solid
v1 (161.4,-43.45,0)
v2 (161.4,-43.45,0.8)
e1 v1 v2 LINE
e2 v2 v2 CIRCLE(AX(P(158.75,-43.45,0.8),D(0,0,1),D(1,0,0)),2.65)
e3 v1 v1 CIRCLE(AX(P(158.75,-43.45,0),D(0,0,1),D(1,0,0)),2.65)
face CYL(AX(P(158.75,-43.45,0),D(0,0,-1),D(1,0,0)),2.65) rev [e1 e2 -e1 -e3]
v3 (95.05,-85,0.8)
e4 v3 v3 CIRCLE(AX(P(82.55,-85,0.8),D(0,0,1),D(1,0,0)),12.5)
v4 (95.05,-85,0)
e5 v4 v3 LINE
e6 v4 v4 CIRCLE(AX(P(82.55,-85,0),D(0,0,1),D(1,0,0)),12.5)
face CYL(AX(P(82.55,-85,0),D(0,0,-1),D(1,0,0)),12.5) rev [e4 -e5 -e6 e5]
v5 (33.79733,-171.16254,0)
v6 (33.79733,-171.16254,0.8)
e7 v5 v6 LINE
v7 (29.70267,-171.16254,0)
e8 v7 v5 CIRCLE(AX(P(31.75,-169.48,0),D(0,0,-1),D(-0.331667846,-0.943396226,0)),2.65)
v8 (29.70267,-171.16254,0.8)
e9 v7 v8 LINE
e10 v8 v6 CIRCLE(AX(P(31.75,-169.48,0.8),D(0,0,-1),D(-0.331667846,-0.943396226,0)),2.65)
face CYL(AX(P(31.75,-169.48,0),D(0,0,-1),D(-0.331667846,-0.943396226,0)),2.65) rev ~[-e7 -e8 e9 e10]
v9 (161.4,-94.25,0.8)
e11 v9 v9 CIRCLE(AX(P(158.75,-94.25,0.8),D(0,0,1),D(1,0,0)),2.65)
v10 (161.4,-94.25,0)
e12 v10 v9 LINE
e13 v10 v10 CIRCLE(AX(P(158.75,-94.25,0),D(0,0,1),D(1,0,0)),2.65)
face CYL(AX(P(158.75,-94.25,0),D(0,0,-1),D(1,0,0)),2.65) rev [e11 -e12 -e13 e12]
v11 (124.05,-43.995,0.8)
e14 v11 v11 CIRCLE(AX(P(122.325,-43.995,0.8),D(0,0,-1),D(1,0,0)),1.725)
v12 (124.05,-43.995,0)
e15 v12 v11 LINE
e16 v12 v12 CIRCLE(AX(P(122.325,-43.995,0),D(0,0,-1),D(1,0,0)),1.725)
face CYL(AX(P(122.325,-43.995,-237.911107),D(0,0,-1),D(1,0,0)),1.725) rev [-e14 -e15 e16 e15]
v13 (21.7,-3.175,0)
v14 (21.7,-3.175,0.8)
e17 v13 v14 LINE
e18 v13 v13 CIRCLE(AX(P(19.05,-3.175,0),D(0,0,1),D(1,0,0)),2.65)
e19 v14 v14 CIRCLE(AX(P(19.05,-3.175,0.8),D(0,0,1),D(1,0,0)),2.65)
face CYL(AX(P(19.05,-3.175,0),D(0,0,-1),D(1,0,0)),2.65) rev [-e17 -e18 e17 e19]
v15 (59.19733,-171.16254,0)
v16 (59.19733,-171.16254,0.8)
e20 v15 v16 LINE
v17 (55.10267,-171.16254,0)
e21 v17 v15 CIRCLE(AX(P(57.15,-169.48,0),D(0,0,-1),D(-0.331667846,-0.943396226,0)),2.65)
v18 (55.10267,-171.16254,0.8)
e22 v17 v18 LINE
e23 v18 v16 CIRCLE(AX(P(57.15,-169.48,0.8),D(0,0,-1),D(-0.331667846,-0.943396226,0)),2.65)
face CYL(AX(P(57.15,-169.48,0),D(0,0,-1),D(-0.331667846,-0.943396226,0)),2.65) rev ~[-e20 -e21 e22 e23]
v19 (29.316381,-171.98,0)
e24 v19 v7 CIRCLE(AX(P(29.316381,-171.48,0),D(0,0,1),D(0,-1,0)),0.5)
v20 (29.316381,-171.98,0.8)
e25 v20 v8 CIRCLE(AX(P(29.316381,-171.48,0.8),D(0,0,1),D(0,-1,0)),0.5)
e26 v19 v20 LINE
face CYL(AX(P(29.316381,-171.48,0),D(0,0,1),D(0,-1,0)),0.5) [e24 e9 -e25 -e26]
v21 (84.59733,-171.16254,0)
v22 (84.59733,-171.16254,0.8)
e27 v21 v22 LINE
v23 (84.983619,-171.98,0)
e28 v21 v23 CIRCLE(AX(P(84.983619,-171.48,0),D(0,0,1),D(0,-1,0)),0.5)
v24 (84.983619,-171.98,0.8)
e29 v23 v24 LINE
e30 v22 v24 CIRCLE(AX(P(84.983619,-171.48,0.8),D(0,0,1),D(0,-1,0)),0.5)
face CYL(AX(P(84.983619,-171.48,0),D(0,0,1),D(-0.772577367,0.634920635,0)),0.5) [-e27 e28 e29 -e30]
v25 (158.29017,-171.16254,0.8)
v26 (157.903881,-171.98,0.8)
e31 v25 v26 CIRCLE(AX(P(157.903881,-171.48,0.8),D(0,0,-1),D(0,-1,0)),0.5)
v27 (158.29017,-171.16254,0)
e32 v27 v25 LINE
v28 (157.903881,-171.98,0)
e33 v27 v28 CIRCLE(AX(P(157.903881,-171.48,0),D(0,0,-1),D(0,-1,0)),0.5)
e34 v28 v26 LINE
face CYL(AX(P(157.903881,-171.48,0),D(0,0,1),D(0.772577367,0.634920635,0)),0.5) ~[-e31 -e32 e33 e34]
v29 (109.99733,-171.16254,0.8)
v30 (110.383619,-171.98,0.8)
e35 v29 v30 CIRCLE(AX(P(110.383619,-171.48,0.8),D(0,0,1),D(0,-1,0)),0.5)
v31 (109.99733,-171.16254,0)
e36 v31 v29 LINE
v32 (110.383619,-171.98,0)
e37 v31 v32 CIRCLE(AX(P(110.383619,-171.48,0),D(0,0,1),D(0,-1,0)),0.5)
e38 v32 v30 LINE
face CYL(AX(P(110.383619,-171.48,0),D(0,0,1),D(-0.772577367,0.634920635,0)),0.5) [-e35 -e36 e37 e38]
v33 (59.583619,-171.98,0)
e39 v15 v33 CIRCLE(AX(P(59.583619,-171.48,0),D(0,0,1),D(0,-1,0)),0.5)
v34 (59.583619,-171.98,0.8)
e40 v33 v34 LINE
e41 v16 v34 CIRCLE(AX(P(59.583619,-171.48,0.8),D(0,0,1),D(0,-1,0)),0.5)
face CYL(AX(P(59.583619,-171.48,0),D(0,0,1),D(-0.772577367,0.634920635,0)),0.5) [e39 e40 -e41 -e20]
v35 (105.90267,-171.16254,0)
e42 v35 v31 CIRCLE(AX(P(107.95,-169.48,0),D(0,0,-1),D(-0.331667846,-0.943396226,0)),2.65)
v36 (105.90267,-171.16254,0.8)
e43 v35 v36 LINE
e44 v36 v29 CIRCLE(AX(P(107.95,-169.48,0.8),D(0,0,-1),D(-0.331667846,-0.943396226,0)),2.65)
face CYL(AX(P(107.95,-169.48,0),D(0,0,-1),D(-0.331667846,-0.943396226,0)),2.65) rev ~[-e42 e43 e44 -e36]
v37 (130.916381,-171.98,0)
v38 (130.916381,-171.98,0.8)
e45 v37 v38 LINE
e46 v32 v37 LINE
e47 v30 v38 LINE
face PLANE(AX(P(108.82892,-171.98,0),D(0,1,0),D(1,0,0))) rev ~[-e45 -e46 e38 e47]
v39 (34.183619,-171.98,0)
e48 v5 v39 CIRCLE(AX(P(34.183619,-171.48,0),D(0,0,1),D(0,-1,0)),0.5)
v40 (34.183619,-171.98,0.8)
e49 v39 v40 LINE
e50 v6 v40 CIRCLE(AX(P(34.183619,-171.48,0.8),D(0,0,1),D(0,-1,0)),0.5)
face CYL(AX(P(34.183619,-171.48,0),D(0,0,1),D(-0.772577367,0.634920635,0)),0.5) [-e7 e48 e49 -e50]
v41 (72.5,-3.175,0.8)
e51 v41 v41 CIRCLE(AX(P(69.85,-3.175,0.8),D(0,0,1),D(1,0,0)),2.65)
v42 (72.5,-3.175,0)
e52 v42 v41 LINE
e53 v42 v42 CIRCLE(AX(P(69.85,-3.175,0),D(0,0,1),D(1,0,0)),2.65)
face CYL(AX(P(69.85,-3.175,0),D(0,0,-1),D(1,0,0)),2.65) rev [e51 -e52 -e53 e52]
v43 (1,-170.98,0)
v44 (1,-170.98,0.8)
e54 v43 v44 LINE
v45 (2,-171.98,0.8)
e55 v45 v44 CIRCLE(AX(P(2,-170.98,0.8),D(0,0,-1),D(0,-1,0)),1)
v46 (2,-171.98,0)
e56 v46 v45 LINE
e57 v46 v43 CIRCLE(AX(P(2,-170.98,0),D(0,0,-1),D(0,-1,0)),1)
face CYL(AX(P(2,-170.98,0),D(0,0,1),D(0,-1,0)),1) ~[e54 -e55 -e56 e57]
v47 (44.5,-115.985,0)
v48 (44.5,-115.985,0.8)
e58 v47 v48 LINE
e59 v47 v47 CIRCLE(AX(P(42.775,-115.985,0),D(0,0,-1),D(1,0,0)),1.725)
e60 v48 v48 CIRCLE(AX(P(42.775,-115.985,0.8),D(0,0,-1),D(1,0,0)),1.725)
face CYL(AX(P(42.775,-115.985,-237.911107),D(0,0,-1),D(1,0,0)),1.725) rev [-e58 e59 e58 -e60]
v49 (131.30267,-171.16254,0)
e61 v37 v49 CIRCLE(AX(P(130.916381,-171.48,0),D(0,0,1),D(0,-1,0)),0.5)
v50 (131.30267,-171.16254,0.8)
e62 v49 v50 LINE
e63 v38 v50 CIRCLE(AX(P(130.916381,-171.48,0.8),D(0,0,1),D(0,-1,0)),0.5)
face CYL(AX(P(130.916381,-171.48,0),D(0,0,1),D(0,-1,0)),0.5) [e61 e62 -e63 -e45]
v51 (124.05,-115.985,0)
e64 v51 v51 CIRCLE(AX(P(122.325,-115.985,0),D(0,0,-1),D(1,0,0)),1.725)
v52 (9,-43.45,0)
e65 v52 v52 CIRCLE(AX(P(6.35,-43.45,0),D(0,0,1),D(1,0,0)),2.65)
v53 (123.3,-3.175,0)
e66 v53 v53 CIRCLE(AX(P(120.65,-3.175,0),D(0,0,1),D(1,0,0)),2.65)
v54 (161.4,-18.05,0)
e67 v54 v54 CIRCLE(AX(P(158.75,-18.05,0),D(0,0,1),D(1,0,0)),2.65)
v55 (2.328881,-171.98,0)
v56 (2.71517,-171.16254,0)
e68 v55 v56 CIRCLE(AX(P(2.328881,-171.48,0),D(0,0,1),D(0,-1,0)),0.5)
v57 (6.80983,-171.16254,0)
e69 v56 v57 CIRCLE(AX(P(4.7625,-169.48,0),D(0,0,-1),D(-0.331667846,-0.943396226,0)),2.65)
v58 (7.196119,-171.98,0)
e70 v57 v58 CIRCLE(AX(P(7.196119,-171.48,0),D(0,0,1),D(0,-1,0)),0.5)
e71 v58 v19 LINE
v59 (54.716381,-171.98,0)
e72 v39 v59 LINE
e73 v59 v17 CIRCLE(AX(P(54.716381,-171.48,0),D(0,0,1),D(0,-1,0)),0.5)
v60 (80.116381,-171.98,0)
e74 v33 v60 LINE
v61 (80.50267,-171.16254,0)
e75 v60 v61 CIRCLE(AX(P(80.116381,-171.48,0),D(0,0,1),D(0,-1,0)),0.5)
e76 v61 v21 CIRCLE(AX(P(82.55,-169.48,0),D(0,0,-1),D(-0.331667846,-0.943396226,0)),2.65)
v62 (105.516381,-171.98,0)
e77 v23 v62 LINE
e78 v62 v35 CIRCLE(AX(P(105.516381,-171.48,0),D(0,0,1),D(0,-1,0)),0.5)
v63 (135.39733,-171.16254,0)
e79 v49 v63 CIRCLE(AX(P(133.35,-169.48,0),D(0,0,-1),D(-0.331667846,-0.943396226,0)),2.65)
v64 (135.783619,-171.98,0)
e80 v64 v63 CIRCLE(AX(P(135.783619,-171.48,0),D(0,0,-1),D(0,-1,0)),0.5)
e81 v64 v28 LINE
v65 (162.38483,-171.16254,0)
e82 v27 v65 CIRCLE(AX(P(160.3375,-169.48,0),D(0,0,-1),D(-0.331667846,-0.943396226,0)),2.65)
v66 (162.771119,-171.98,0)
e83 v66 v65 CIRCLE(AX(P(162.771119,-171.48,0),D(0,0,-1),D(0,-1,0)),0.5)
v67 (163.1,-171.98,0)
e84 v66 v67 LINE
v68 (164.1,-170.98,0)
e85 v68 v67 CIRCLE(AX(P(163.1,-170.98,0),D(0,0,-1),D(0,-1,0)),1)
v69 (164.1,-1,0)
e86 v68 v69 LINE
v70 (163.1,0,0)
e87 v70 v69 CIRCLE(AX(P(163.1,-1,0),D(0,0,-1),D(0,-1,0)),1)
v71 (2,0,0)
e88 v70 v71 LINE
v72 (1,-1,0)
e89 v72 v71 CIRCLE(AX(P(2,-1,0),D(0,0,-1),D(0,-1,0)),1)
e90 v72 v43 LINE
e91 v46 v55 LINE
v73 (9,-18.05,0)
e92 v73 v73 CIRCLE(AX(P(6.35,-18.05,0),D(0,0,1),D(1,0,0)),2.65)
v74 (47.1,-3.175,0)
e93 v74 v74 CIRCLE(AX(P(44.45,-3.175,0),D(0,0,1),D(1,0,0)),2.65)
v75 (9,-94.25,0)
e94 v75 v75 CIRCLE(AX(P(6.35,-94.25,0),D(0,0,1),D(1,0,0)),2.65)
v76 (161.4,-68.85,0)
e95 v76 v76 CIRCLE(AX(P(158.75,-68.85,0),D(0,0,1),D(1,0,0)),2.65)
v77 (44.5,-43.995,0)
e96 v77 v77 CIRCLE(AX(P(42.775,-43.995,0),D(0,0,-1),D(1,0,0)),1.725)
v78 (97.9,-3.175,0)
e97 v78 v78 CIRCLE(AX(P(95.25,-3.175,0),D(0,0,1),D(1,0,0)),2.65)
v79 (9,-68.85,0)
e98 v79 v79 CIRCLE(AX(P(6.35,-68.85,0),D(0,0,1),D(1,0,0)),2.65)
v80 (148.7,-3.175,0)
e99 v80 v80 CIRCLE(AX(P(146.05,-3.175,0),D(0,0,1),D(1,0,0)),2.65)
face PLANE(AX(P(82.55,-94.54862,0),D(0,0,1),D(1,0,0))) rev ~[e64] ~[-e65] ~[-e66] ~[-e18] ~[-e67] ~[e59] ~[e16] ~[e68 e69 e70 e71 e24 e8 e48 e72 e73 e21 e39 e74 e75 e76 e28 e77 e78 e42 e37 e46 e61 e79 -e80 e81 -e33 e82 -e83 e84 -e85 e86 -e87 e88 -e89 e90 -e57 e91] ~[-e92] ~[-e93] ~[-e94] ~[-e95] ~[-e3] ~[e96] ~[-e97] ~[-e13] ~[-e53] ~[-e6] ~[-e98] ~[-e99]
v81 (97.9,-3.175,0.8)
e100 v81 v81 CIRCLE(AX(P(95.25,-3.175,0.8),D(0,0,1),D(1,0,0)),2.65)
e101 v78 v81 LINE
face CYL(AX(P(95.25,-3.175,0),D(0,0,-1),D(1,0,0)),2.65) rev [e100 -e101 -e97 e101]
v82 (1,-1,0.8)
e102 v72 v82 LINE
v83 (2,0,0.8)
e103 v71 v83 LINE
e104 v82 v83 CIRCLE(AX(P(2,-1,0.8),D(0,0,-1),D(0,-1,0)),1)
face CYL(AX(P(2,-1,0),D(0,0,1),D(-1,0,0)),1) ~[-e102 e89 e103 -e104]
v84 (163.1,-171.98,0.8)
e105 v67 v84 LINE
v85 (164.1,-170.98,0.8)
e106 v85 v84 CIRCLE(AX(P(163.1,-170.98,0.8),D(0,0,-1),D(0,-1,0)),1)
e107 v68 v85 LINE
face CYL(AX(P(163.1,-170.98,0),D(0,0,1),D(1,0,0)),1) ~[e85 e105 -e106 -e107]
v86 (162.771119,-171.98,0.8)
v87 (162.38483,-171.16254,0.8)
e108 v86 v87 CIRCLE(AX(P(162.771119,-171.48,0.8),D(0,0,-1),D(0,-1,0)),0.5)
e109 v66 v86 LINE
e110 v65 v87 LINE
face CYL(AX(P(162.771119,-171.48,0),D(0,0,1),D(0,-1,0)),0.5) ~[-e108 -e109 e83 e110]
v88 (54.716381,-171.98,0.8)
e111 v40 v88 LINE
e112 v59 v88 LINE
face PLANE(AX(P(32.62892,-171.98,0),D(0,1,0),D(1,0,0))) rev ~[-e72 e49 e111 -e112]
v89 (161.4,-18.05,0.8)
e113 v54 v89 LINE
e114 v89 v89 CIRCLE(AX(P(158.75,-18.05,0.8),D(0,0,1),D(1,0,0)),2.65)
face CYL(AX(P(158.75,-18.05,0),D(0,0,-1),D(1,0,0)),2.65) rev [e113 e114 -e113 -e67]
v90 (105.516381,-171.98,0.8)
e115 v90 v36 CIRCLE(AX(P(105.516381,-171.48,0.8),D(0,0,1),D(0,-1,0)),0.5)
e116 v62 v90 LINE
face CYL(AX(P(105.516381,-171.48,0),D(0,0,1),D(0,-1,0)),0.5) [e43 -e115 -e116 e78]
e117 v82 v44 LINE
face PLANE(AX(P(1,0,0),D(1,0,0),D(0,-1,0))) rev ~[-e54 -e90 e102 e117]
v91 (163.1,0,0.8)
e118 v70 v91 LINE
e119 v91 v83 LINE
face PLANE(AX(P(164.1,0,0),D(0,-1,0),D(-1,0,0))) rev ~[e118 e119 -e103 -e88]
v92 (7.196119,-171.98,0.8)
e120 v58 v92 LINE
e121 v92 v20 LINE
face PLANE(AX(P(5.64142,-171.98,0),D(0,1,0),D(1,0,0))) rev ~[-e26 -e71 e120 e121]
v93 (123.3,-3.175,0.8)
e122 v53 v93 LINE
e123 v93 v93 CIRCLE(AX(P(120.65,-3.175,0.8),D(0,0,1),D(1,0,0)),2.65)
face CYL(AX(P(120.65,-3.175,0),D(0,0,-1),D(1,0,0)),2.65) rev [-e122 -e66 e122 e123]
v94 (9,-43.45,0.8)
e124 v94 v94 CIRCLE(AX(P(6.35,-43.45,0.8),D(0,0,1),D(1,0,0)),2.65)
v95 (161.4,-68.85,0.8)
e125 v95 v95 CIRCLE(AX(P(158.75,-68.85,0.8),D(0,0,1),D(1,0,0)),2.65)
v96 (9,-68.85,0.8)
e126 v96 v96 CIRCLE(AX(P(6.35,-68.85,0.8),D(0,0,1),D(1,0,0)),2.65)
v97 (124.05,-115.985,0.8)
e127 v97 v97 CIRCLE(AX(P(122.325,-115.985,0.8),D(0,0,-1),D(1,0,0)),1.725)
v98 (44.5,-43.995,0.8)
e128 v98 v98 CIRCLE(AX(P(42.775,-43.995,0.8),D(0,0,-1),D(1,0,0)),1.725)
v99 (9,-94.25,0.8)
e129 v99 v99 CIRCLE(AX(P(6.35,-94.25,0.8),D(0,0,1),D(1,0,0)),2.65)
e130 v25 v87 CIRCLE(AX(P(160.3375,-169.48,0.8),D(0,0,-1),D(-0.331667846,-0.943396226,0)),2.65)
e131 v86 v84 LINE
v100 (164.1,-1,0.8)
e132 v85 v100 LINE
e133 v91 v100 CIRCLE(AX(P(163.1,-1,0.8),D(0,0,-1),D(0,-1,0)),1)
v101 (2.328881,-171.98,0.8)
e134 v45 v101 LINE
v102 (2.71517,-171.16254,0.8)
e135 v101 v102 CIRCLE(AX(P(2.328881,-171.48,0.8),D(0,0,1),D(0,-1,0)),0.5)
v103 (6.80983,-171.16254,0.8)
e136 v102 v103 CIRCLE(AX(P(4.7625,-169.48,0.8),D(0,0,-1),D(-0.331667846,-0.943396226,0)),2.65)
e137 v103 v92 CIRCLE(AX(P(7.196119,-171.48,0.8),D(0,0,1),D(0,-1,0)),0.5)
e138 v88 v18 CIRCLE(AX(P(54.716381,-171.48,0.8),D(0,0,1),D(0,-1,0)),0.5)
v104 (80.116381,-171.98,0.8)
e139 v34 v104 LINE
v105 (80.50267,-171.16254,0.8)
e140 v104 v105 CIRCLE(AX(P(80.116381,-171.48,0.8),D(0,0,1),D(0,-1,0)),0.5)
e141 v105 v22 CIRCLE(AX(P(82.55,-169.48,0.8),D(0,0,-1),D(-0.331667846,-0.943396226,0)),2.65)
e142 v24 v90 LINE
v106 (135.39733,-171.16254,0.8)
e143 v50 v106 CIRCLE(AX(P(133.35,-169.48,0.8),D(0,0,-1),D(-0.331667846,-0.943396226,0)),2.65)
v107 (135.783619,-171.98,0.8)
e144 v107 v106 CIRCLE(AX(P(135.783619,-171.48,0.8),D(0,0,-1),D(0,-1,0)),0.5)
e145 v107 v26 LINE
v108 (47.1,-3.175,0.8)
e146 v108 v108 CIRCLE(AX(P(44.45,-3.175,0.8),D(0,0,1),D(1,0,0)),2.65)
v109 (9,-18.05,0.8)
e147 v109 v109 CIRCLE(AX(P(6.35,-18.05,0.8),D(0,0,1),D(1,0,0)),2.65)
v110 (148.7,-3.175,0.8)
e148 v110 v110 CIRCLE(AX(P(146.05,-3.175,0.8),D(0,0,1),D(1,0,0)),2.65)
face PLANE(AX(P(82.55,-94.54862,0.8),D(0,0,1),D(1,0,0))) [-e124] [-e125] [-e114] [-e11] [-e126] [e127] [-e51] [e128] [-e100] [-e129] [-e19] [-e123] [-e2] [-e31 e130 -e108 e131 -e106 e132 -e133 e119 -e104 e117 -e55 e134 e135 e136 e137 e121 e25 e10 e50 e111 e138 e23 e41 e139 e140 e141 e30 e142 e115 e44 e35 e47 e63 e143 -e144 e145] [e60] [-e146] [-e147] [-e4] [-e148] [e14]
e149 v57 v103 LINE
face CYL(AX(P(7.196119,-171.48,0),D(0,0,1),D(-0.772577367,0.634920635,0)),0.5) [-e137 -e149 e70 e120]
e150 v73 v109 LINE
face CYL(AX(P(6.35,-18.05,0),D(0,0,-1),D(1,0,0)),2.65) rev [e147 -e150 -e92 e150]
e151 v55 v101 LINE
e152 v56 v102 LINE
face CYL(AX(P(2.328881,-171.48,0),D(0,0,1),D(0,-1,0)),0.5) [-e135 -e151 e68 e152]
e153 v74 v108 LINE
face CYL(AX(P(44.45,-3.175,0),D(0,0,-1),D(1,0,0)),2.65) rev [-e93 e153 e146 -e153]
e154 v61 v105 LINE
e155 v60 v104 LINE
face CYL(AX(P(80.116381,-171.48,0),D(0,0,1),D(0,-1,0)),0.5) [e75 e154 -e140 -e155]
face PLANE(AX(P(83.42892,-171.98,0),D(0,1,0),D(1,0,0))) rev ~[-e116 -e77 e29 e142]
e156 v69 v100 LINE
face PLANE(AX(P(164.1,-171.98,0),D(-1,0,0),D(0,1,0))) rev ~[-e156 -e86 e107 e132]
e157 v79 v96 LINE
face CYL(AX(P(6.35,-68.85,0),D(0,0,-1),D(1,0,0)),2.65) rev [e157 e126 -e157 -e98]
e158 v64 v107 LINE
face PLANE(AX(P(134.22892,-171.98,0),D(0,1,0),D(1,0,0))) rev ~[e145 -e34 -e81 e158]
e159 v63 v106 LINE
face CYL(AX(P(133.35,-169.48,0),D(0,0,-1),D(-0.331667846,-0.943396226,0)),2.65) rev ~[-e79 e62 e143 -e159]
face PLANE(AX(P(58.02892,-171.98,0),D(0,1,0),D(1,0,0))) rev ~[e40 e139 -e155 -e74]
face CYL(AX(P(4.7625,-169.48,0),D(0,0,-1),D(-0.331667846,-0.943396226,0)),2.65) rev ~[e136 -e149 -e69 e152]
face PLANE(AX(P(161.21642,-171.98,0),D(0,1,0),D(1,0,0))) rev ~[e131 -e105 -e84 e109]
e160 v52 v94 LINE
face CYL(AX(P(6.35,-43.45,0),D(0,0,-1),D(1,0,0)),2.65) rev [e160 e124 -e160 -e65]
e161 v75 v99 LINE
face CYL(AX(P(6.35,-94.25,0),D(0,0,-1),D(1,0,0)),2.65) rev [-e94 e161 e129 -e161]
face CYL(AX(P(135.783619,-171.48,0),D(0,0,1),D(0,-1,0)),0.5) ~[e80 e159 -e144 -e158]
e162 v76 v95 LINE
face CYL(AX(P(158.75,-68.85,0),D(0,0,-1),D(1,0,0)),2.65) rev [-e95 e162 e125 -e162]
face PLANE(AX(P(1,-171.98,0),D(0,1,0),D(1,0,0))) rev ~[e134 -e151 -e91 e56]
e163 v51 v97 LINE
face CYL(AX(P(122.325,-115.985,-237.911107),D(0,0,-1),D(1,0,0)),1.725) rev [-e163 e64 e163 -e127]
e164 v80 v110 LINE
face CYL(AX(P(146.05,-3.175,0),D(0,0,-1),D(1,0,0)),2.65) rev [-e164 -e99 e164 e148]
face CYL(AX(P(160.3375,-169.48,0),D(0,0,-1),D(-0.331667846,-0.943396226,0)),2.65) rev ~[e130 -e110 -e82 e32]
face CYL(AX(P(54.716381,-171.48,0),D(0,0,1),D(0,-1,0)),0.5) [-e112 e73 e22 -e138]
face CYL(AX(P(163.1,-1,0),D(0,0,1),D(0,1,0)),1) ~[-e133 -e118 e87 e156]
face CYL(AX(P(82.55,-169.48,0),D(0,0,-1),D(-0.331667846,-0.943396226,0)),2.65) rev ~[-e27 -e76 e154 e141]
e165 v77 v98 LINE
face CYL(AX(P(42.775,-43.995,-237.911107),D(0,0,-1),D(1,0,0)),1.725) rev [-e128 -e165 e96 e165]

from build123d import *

# Parameters (mm, degrees)
SKETCH2_R               = 12.5
SKETCH2_R_2             = 2.65
BOSS_EXTRUDE2_DEPTH     = 0.8
FILLET1_R               = 1
CUT_EXTRUDE1_DEPTH      = 238.711107019
CUT_EXTRUDE1_DEPTH_BACK = 238.711107019
SKETCH5_R               = 1.725
FILLET2_R               = 0.5


with BuildPart() as part:
    # Sketch2 → Boss-Extrude2 (new body)
    with BuildSketch(Plane.XY):
        with BuildLine():
            Line((1, -171.98), (3.883580208, -171.98))
            ThreePointArc((3.883580208, -171.98), (4.7625, -166.83), (5.641419792, -171.98))
            Line((5.641419792, -171.98), (30.871080208, -171.98))
            ThreePointArc((30.871080208, -171.98), (31.75, -166.83), (32.628919792, -171.98))
            Line((32.628919792, -171.98), (56.271080208, -171.98))
            ThreePointArc((56.271080208, -171.98), (57.15, -166.83), (58.028919792, -171.98))
            Line((58.028919792, -171.98), (81.671080208, -171.98))
            ThreePointArc((81.671080208, -171.98), (82.55, -166.83), (83.428919792, -171.98))
            Line((83.428919792, -171.98), (107.071080208, -171.98))
            ThreePointArc((107.071080208, -171.98), (107.95, -166.83), (108.828919792, -171.98))
            Line((108.828919792, -171.98), (132.471080208, -171.98))
            ThreePointArc((132.471080208, -171.98), (133.35, -166.83), (134.228919792, -171.98))
            Line((134.228919792, -171.98), (159.458580208, -171.98))
            ThreePointArc((159.458580208, -171.98), (160.3375, -166.83), (161.216419792, -171.98))
            Line((161.216419792, -171.98), (164.1, -171.98))
            Line((164.1, -171.98), (164.1, 0))
            Line((164.1, 0), (1, 0))
            Line((1, 0), (1, -171.98))
        make_face()
        with Locations((82.55, -85)):
            Circle(SKETCH2_R, mode=Mode.SUBTRACT)
        with Locations((69.85, -3.175)):
            Circle(SKETCH2_R_2, mode=Mode.SUBTRACT)
        with Locations((6.35, -94.25)):
            Circle(SKETCH2_R_2, mode=Mode.SUBTRACT)
        with Locations((6.35, -68.85)):
            Circle(SKETCH2_R_2, mode=Mode.SUBTRACT)
        with Locations((6.35, -43.45)):
            Circle(SKETCH2_R_2, mode=Mode.SUBTRACT)
        with Locations((6.35, -18.05)):
            Circle(SKETCH2_R_2, mode=Mode.SUBTRACT)
        with Locations((19.05, -3.175)):
            Circle(SKETCH2_R_2, mode=Mode.SUBTRACT)
        with Locations((44.45, -3.175)):
            Circle(SKETCH2_R_2, mode=Mode.SUBTRACT)
        with Locations((146.05, -3.175)):
            Circle(SKETCH2_R_2, mode=Mode.SUBTRACT)
        with Locations((158.75, -18.05)):
            Circle(SKETCH2_R_2, mode=Mode.SUBTRACT)
        with Locations((158.75, -43.45)):
            Circle(SKETCH2_R_2, mode=Mode.SUBTRACT)
        with Locations((158.75, -94.25)):
            Circle(SKETCH2_R_2, mode=Mode.SUBTRACT)
        with Locations((158.75, -68.85)):
            Circle(SKETCH2_R_2, mode=Mode.SUBTRACT)
        with Locations((95.25, -3.175)):
            Circle(SKETCH2_R_2, mode=Mode.SUBTRACT)
        with Locations((120.65, -3.175)):
            Circle(SKETCH2_R_2, mode=Mode.SUBTRACT)
    extrude(amount=BOSS_EXTRUDE2_DEPTH)

    # Fillet1
    fillet1_edges = [part.edges().sort_by_distance(p)[0] for p in [
        (1, -171.98, 0.4),
        (1, 0, 0.4),
        (164.1, 0, 0.4),
        (164.1, -171.98, 0.4),
    ]]
    fillet(fillet1_edges, radius=FILLET1_R)

    # Sketch5 → Cut-Extrude1 (cut, two sides: drawn at the far end of the back side and taken through both)
    with BuildSketch(Plane.XY.offset(0.8).offset(-CUT_EXTRUDE1_DEPTH_BACK)):
        with Locations((42.775, -43.995)):
            Circle(SKETCH5_R)
        with Locations((122.325, -43.995)):
            Circle(SKETCH5_R)
        with Locations((122.325, -115.985)):
            Circle(SKETCH5_R)
        with Locations((42.775, -115.985)):
            Circle(SKETCH5_R)
    extrude(amount=CUT_EXTRUDE1_DEPTH + CUT_EXTRUDE1_DEPTH_BACK, mode=Mode.SUBTRACT)

    # Fillet2
    fillet2_edges = [part.edges().sort_by_distance(p)[0] for p in [
        (81.671080208, -171.98, 0.4),
        (58.028919792, -171.98, 0.4),
        (56.271080208, -171.98, 0.4),
        (32.628919792, -171.98, 0.4),
        (30.871080208, -171.98, 0.4),
        (5.641419792, -171.98, 0.4),
        (3.883580208, -171.98, 0.4),
        (161.216419792, -171.98, 0.4),
        (159.458580208, -171.98, 0.4),
        (134.228919792, -171.98, 0.4),
        (132.471080208, -171.98, 0.4),
        (108.828919792, -171.98, 0.4),
        (107.071080208, -171.98, 0.4),
        (83.428919792, -171.98, 0.4),
    ]]
    fillet(fillet2_edges, radius=FILLET2_R)


solid = part.part
